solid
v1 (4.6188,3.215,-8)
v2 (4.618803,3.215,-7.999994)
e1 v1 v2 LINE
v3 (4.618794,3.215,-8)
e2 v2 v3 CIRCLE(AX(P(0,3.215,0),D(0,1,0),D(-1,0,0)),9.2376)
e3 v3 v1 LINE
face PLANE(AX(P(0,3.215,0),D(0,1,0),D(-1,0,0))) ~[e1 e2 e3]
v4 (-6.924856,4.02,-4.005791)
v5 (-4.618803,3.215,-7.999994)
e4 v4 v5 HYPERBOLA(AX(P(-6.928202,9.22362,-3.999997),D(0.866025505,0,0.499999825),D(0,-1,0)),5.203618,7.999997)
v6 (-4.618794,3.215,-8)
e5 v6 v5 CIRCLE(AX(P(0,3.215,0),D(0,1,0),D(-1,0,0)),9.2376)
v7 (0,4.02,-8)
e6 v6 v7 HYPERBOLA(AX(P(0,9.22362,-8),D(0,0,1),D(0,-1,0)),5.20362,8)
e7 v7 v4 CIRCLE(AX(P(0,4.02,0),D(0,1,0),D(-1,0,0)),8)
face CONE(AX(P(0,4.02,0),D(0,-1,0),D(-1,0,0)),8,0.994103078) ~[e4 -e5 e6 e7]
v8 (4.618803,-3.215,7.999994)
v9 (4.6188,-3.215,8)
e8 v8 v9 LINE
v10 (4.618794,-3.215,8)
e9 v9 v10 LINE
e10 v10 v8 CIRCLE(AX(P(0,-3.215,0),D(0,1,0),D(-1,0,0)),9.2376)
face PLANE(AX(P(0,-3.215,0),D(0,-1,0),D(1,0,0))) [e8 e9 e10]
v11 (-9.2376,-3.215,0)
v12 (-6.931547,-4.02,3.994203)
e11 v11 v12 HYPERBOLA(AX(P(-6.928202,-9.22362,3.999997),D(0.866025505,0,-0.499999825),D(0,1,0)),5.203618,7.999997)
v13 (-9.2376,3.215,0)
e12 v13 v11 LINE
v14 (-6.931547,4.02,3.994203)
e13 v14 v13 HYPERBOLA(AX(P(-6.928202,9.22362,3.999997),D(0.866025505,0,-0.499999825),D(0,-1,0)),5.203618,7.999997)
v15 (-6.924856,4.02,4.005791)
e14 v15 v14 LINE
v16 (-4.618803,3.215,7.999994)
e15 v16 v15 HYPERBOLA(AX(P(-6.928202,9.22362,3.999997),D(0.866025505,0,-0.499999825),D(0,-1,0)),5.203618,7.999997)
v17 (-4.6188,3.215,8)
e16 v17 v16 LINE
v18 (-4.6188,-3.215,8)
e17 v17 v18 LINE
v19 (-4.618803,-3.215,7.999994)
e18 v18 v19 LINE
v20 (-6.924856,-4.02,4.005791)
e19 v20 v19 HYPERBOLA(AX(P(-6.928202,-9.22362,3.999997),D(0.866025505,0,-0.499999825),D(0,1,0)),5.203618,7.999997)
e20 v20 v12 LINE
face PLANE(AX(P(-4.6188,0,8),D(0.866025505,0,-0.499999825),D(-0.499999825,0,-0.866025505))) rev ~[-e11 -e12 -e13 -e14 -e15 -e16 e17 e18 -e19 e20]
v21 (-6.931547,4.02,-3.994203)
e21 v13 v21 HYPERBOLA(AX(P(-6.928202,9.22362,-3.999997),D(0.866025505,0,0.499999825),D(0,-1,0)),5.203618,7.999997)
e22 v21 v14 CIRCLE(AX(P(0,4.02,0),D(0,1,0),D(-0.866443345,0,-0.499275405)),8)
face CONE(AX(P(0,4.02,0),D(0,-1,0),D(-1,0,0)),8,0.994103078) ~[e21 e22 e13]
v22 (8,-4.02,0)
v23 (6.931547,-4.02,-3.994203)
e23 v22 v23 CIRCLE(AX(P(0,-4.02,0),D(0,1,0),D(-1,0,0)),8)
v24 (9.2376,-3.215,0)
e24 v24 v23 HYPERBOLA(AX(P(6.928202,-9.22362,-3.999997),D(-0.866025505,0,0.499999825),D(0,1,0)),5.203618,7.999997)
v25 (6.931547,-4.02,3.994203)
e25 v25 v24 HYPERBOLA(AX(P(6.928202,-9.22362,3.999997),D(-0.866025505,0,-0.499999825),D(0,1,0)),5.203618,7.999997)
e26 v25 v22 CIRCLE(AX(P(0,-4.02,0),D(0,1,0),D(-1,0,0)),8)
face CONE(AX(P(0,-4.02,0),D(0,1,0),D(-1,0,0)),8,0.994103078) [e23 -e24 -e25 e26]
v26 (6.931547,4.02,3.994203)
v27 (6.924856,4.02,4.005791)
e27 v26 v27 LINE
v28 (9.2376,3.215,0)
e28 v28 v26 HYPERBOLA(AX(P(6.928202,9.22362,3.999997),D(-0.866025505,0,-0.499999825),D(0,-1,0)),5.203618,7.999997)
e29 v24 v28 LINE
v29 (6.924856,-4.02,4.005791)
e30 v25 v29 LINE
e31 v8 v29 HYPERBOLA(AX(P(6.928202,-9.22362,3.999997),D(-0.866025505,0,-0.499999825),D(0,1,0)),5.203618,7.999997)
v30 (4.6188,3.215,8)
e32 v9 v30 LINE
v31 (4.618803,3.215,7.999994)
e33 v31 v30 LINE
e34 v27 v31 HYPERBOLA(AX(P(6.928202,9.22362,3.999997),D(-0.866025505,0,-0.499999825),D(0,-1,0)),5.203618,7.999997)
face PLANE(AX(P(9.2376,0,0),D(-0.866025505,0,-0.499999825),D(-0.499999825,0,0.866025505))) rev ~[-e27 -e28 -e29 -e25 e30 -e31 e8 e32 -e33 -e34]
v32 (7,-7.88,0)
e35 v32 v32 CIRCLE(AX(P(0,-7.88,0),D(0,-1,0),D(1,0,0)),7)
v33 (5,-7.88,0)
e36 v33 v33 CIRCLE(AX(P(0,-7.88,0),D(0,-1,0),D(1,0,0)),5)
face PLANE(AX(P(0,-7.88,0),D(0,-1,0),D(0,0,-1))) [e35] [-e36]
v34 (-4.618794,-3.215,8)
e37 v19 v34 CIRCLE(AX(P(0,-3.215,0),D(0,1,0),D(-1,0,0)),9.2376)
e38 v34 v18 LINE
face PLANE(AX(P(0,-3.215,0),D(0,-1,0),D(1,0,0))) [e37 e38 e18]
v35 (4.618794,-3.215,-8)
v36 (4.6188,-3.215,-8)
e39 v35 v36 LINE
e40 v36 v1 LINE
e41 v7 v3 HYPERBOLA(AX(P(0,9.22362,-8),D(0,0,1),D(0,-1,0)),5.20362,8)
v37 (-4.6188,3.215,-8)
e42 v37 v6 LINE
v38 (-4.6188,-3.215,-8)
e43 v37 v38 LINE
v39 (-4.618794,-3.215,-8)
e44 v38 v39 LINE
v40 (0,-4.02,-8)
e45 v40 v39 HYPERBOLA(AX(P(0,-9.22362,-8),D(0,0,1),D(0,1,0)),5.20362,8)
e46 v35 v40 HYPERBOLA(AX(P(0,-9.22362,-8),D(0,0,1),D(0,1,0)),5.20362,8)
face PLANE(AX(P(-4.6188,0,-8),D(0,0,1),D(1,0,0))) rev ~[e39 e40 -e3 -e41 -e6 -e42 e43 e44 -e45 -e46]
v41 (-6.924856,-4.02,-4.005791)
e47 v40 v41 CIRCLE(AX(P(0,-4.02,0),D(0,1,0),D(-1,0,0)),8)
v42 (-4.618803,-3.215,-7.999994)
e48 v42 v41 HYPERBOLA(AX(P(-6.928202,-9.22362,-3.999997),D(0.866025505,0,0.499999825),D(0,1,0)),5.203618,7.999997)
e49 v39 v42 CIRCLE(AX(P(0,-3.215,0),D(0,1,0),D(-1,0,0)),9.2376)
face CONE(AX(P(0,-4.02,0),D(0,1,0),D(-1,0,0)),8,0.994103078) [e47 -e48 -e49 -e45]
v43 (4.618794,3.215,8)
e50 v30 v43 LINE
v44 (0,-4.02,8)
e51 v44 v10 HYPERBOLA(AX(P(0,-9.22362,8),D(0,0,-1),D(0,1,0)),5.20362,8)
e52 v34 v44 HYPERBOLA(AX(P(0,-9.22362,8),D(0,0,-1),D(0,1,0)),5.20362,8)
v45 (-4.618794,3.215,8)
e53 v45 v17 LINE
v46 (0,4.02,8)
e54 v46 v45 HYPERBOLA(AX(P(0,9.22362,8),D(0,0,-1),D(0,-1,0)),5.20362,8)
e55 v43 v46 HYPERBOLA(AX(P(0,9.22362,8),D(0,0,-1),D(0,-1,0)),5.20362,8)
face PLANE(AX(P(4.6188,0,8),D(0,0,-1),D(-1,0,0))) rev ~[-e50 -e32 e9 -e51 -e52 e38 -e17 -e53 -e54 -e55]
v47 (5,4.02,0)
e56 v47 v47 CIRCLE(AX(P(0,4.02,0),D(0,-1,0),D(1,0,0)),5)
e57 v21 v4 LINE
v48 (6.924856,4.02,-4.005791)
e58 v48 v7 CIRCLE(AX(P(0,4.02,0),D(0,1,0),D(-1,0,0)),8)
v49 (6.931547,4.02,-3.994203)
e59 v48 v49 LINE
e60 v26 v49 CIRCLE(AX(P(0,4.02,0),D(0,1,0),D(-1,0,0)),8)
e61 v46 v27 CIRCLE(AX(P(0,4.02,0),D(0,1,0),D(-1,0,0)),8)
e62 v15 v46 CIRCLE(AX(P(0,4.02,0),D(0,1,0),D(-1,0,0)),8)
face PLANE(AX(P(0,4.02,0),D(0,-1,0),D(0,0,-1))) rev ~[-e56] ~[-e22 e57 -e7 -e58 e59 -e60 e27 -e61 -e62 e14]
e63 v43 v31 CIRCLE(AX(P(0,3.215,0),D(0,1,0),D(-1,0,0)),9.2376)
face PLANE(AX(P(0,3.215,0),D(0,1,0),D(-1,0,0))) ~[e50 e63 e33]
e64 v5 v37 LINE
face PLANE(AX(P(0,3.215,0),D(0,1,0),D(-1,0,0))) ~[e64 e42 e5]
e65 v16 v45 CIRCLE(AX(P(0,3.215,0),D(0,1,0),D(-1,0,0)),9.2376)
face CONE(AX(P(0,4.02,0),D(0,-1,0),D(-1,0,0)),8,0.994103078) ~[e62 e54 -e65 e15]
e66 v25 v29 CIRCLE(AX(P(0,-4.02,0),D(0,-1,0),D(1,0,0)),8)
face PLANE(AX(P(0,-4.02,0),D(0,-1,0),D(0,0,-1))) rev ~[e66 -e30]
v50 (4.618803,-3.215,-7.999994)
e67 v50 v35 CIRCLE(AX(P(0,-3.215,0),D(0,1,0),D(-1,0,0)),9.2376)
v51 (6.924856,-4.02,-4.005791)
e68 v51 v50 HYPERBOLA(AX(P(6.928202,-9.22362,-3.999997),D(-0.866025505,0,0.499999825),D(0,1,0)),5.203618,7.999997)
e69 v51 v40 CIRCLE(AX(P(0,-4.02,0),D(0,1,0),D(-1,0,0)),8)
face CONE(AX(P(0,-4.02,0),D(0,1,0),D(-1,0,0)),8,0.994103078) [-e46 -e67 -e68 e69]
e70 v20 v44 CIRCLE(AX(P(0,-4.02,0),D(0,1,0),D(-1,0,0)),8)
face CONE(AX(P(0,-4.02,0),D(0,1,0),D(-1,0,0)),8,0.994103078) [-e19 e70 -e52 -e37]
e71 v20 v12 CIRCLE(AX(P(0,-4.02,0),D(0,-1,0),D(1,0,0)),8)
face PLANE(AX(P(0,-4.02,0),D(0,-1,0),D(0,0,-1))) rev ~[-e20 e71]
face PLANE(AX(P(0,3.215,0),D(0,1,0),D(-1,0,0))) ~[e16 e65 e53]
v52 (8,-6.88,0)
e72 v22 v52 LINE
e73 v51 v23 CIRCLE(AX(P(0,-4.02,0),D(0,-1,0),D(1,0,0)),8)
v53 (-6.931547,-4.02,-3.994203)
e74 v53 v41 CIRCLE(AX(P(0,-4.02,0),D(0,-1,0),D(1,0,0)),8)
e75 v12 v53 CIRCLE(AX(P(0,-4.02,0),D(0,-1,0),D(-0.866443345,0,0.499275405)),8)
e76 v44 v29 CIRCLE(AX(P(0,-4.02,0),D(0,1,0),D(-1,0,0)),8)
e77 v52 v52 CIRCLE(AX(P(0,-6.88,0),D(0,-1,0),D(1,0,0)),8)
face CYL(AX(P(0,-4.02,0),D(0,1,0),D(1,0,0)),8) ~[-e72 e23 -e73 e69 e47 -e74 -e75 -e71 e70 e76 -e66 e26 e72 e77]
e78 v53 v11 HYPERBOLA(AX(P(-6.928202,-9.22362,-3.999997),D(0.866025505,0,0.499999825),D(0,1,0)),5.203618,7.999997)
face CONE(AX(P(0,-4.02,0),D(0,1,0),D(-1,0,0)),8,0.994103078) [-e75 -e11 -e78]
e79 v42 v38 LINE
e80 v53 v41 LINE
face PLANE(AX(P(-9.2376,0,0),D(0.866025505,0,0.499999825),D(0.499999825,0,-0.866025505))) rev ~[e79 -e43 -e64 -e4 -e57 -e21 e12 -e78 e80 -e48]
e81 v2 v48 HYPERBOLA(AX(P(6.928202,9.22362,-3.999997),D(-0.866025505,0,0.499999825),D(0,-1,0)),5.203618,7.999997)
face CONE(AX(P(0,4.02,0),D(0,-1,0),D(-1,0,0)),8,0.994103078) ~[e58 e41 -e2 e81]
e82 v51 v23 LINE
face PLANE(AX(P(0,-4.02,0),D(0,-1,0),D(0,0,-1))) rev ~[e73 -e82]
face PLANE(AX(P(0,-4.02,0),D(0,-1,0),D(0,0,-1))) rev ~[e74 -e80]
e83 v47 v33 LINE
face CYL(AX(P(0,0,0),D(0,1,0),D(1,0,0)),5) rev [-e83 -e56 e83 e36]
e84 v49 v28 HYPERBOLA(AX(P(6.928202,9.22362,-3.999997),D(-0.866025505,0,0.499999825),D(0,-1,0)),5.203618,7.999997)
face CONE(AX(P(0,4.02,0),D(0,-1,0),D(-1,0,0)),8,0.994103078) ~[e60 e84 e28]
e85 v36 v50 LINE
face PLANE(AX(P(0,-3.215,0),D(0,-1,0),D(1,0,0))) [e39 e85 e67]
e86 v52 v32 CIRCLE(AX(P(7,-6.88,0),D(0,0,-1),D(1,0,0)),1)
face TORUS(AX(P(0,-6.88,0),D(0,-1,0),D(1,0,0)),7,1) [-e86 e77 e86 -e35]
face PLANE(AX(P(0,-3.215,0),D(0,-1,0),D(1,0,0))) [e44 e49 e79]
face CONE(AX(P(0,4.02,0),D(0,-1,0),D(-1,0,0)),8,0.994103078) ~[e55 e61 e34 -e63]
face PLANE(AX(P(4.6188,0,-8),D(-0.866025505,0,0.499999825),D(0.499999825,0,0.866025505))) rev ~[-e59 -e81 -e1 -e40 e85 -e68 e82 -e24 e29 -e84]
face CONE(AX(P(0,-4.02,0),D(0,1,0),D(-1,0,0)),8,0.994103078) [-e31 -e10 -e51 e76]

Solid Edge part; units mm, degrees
sketch "Sketch1" plane through (0, 0, 0) normal (0, -1, 0) x (1, 0, 0)
  line L0 (4.6188, 8) -> (-4.6188, 8)
  line L1 (-4.6188, 8) -> (-9.2376, 0)
  line L2 (-9.2376, 0) -> (-4.6188, -8)
  line L3 (-4.6188, -8) -> (4.6188, -8)
  line L4 (4.6188, -8) -> (9.2376, 0)
  line L5 (9.2376, 0) -> (4.6188, 8)
  circle A0 centre (0, 0) radius 5
  dimension "D1" = 10
  dimension "D2" = 16
extrude "Protrusion1" add sketch "Sketch1" along normal mid plane 8.04
sketch "Sketch2" plane through (0, 0, 0) normal (0, 0, 1) x (1, 0, 0)
  line L0 (-9.2376, 3.215) -> (-19.2376, 3.215)
  line L1 (-19.2376, 3.215) -> (-19.2376, 14.02)
  line L2 (-19.2376, 14.02) -> (-8, 14.02)
  line L3 (-8, 14.02) -> (-8, 4.02)
  line L4 (-8, 4.02) -> (-9.2376, 3.215)
revolve "RevolvedCutout1" cut sketch "Sketch2" angle 360 about axis through (0, 0, 0) along (0, 1, 0)
mirror "Mirror1" about plane through (0, 0, 0) normal (0, -1, 0) of "RevolvedCutout1"
sketch "Sketch3" plane through (0, -4.02, 0) normal (0, -1, 0) x (1, 0, 0)
  circle A0 centre (0, 0) radius 8
  circle A1 centre (0, 0) radius 5
extrude "Protrusion2" add sketch "Sketch3" along normal blind 3.86
fillet "Round1" radius 1 1 edges at (-8, -7.88, 0)
cosmetic_thread "Thread1" size "M10"
properties material "Stainless steel"
